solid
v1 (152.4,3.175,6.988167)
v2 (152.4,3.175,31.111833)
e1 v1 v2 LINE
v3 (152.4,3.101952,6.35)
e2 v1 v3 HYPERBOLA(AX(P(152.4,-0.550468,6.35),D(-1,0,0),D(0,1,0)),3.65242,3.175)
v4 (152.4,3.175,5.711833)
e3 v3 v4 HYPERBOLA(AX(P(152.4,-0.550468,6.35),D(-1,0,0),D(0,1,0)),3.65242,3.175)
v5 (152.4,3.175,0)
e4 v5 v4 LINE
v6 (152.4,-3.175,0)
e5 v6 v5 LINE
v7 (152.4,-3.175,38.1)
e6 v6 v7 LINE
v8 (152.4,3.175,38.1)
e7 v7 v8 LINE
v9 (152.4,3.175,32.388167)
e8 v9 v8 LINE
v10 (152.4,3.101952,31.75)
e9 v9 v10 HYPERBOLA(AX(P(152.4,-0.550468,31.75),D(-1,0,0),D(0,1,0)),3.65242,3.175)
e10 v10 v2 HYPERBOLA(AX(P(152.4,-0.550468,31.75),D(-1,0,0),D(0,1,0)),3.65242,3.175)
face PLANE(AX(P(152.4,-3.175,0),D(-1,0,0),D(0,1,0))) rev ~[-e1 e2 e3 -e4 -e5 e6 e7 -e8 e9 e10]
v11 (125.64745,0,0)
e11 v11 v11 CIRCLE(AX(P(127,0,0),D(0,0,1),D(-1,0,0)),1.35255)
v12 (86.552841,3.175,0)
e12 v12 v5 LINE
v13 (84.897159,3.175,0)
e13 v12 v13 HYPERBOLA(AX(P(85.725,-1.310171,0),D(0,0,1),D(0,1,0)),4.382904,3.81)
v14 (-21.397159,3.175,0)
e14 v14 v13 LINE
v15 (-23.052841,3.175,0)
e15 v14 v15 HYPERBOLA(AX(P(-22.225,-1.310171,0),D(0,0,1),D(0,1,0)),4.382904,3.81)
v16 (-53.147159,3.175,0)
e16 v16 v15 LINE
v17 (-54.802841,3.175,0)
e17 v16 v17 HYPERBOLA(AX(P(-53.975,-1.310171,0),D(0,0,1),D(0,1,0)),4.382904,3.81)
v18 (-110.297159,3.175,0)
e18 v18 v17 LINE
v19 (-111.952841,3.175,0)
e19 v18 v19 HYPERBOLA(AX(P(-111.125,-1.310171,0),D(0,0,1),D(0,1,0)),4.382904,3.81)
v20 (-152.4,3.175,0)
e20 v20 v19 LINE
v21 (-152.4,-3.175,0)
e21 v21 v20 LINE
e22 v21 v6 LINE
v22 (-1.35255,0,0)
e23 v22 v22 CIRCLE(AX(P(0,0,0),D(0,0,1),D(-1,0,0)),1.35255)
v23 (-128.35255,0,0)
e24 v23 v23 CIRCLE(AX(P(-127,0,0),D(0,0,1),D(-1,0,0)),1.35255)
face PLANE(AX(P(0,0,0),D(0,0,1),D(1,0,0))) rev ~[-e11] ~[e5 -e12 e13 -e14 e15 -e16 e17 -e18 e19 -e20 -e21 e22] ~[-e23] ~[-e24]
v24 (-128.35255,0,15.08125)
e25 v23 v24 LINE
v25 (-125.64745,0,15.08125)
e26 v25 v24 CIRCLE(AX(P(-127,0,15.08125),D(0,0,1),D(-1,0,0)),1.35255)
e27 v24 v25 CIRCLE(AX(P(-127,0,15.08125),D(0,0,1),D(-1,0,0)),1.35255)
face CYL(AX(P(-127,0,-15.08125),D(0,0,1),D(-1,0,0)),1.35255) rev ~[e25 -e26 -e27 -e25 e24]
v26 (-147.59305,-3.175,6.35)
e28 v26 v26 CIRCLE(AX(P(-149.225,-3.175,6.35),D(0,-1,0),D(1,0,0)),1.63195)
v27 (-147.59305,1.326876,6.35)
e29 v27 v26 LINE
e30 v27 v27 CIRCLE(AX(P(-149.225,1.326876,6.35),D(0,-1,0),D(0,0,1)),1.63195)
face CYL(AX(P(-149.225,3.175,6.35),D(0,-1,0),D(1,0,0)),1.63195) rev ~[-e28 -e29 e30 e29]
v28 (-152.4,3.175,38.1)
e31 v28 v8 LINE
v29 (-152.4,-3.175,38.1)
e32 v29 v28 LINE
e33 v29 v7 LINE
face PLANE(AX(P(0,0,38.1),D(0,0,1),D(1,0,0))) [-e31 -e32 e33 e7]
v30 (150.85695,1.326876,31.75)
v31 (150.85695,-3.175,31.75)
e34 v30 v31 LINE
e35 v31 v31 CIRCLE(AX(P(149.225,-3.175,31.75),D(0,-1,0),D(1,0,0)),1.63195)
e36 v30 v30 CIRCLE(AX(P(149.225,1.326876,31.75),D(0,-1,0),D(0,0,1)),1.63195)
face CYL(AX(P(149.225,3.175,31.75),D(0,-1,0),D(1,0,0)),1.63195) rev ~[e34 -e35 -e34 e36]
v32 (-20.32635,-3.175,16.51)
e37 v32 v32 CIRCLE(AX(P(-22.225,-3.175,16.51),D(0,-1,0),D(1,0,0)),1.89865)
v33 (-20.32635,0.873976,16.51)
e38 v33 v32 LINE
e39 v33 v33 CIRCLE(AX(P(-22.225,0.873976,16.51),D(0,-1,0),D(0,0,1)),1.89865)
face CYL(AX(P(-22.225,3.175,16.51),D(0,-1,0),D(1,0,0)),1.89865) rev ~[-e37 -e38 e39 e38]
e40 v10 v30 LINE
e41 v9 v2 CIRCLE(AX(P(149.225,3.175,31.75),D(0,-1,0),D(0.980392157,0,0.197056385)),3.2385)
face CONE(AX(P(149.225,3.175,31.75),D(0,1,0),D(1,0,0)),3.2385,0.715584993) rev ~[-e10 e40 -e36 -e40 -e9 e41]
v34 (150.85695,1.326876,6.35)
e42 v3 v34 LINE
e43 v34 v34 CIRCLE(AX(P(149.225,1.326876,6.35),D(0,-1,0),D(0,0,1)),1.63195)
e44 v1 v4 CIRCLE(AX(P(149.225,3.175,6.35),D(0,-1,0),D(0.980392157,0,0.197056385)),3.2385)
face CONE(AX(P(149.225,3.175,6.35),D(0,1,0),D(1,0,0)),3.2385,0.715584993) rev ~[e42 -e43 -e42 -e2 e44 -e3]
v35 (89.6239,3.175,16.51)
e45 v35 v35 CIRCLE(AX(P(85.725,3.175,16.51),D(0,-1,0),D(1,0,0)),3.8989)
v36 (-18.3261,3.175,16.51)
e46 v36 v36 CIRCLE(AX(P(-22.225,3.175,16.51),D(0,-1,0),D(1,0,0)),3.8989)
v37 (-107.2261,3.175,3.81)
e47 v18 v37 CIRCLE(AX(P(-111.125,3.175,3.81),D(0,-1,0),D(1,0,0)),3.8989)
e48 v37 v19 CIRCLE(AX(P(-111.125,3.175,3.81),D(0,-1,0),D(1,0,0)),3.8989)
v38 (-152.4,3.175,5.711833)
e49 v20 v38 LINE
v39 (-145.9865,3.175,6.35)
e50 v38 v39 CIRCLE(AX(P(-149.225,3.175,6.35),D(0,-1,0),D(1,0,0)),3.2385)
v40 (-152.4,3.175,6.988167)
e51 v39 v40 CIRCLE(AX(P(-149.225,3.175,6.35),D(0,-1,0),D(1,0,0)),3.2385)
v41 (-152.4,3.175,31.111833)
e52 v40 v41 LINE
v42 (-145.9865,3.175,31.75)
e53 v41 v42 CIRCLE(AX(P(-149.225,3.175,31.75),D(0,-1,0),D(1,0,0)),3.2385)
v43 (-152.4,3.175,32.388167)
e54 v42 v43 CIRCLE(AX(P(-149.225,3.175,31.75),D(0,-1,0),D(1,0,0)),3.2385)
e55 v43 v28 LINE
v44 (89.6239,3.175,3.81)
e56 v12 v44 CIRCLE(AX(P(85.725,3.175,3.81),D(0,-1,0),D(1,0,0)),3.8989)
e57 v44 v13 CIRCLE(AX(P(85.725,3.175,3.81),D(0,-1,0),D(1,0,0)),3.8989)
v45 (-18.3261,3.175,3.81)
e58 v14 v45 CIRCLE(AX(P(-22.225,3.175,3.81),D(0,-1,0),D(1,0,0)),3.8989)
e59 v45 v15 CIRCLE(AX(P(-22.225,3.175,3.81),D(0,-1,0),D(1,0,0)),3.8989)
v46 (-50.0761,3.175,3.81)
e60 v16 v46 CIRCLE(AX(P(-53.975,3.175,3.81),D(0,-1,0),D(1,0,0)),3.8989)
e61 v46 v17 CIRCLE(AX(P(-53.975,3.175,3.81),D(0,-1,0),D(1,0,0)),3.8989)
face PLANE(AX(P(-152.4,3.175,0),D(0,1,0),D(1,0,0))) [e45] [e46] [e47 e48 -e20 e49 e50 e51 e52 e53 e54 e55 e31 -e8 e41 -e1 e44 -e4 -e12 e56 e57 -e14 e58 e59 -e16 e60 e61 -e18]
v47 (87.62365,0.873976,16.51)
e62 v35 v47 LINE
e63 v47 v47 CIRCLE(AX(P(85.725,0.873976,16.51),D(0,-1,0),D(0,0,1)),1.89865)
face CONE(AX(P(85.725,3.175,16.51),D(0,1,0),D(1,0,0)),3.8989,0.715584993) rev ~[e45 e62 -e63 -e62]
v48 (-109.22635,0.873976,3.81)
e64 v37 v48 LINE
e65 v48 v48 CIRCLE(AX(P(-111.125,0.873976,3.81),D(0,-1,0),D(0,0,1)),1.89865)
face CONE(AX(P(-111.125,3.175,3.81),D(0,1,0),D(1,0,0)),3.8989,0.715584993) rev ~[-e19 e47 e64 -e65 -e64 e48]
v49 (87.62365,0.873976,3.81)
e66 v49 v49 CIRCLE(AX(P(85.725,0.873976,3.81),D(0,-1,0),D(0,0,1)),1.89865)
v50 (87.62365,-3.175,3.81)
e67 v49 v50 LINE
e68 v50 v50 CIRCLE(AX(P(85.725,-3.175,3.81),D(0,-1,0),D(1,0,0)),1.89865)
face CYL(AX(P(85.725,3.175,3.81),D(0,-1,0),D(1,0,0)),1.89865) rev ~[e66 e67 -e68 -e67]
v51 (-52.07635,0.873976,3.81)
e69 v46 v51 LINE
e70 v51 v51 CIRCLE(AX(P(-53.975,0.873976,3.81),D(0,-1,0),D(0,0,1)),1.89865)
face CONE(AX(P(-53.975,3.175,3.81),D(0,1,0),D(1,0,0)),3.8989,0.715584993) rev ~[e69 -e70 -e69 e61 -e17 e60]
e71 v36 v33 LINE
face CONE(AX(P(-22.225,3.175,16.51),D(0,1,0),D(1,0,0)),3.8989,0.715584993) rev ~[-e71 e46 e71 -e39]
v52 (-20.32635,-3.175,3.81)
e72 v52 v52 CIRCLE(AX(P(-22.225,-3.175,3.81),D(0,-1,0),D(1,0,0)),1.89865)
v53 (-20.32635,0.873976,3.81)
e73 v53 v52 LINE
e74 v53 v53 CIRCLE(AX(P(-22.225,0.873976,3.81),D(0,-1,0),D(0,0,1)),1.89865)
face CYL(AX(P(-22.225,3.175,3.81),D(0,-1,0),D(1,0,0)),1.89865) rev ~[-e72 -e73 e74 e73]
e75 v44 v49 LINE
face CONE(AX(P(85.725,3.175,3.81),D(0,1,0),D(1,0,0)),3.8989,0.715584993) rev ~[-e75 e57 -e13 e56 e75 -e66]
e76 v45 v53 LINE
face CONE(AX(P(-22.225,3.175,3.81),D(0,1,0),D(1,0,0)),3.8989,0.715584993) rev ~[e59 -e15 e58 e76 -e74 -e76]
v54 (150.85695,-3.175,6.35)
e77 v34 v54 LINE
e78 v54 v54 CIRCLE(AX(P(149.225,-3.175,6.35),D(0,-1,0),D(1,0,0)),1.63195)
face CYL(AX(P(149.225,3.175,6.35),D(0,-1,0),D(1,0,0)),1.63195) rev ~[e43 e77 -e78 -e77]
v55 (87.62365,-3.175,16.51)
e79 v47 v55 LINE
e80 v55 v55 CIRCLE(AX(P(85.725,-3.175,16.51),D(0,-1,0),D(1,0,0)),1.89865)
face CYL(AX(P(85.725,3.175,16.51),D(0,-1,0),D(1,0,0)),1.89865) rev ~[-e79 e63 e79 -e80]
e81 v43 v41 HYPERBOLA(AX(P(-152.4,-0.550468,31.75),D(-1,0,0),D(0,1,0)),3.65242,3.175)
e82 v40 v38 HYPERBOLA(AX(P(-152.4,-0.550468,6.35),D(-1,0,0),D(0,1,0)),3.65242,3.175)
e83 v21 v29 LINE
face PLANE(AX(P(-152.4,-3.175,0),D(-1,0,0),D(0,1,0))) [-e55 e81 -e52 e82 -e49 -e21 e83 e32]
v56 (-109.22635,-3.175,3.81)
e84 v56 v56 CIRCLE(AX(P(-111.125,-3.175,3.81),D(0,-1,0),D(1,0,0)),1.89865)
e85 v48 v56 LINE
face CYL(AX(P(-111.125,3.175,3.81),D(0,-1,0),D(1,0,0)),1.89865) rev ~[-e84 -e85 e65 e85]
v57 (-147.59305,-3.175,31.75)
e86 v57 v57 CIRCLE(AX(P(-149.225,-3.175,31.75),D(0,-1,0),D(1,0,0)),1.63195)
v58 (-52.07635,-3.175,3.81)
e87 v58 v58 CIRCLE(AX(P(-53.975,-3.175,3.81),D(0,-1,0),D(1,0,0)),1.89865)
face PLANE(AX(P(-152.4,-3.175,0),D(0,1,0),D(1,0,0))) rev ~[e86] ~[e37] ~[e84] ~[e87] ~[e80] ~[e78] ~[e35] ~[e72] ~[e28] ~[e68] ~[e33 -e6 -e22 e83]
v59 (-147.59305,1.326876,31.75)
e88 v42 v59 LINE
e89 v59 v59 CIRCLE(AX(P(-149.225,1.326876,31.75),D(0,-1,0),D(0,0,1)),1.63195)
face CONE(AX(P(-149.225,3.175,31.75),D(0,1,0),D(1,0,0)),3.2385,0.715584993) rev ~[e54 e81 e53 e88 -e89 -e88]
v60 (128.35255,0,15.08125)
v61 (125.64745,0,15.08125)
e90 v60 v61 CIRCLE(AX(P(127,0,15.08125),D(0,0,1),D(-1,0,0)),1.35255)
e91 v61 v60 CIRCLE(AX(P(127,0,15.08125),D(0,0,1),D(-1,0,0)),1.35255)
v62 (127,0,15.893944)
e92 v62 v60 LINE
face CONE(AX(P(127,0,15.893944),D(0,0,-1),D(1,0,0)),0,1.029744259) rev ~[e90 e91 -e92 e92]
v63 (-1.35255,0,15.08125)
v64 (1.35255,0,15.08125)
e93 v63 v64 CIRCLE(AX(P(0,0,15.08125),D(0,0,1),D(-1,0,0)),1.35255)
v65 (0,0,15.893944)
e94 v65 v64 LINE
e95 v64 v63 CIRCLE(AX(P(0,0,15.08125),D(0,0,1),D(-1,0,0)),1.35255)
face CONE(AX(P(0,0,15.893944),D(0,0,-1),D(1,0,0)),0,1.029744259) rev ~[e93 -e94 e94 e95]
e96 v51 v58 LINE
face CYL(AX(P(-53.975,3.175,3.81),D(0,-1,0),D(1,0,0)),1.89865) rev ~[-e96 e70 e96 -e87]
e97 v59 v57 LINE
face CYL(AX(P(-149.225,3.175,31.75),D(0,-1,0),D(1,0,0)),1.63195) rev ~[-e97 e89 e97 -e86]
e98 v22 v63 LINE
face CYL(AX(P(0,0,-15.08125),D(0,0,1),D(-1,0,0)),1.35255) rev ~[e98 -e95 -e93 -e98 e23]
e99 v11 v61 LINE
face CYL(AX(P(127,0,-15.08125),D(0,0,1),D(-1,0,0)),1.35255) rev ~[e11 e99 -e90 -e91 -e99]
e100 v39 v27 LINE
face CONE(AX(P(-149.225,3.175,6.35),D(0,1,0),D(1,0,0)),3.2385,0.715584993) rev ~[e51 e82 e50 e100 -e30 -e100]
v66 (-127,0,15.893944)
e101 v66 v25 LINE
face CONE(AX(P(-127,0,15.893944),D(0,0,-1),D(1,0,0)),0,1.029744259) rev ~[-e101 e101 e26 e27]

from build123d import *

# Parameters (mm, degrees)
F0_W           = 304.8
F0_H           = 6.35
F1_DEPTH       = 38.1
F3_D           = 2.7051
F3_DEPTH       = 15.08125
F3_TIP         = 0.8126940303
F5_D           = 3.2639
F5_CSINK_D     = 6.477
F5_CSINK_ANGLE = 82
F7_D           = 3.7973
F7_CSINK_D     = 7.7978
F7_CSINK_ANGLE = 82


with BuildPart() as f1:
    # F0 (on Top) → F1 (new body)
    with BuildSketch(Plane.XY):
        Rectangle(F0_W, F0_H)
    extrude(amount=F1_DEPTH)

    # F3
    with Locations(Plane(origin=(0, 0, 0), x_dir=(1, 0, 0), z_dir=(0, 0, -1))):
        with Locations((-127, 0), (127, 0), (0, 0)):
            Hole(F3_D / 2, depth=F3_DEPTH)
            with Locations((0, 0, -(F3_DEPTH + F3_TIP / 2))):  # 118° drill point
                Cone(0, F3_D / 2, F3_TIP, mode=Mode.SUBTRACT)

    # F5 (through all)
    with Locations(Plane(origin=(0, 3.175, 0), x_dir=(-1, 0, 0), z_dir=(0, 1, 0))):
        with Locations((149.225, 31.75), (149.225, 6.35), (-149.225, 31.75), (-149.225, 6.35)):
            CounterSinkHole(F5_D / 2, F5_CSINK_D / 2, counter_sink_angle=F5_CSINK_ANGLE)

    # F7 (through all)
    with Locations(Plane(origin=(0, 3.175, 0), x_dir=(-1, 0, 0), z_dir=(0, 1, 0))):
        with Locations((-85.725, 3.81), (22.225, 3.81), (53.975, 3.81), (111.125, 3.81), (-85.725, 16.51), (22.225, 16.51)):
            CounterSinkHole(F7_D / 2, F7_CSINK_D / 2, counter_sink_angle=F7_CSINK_ANGLE)


solid = f1.part
